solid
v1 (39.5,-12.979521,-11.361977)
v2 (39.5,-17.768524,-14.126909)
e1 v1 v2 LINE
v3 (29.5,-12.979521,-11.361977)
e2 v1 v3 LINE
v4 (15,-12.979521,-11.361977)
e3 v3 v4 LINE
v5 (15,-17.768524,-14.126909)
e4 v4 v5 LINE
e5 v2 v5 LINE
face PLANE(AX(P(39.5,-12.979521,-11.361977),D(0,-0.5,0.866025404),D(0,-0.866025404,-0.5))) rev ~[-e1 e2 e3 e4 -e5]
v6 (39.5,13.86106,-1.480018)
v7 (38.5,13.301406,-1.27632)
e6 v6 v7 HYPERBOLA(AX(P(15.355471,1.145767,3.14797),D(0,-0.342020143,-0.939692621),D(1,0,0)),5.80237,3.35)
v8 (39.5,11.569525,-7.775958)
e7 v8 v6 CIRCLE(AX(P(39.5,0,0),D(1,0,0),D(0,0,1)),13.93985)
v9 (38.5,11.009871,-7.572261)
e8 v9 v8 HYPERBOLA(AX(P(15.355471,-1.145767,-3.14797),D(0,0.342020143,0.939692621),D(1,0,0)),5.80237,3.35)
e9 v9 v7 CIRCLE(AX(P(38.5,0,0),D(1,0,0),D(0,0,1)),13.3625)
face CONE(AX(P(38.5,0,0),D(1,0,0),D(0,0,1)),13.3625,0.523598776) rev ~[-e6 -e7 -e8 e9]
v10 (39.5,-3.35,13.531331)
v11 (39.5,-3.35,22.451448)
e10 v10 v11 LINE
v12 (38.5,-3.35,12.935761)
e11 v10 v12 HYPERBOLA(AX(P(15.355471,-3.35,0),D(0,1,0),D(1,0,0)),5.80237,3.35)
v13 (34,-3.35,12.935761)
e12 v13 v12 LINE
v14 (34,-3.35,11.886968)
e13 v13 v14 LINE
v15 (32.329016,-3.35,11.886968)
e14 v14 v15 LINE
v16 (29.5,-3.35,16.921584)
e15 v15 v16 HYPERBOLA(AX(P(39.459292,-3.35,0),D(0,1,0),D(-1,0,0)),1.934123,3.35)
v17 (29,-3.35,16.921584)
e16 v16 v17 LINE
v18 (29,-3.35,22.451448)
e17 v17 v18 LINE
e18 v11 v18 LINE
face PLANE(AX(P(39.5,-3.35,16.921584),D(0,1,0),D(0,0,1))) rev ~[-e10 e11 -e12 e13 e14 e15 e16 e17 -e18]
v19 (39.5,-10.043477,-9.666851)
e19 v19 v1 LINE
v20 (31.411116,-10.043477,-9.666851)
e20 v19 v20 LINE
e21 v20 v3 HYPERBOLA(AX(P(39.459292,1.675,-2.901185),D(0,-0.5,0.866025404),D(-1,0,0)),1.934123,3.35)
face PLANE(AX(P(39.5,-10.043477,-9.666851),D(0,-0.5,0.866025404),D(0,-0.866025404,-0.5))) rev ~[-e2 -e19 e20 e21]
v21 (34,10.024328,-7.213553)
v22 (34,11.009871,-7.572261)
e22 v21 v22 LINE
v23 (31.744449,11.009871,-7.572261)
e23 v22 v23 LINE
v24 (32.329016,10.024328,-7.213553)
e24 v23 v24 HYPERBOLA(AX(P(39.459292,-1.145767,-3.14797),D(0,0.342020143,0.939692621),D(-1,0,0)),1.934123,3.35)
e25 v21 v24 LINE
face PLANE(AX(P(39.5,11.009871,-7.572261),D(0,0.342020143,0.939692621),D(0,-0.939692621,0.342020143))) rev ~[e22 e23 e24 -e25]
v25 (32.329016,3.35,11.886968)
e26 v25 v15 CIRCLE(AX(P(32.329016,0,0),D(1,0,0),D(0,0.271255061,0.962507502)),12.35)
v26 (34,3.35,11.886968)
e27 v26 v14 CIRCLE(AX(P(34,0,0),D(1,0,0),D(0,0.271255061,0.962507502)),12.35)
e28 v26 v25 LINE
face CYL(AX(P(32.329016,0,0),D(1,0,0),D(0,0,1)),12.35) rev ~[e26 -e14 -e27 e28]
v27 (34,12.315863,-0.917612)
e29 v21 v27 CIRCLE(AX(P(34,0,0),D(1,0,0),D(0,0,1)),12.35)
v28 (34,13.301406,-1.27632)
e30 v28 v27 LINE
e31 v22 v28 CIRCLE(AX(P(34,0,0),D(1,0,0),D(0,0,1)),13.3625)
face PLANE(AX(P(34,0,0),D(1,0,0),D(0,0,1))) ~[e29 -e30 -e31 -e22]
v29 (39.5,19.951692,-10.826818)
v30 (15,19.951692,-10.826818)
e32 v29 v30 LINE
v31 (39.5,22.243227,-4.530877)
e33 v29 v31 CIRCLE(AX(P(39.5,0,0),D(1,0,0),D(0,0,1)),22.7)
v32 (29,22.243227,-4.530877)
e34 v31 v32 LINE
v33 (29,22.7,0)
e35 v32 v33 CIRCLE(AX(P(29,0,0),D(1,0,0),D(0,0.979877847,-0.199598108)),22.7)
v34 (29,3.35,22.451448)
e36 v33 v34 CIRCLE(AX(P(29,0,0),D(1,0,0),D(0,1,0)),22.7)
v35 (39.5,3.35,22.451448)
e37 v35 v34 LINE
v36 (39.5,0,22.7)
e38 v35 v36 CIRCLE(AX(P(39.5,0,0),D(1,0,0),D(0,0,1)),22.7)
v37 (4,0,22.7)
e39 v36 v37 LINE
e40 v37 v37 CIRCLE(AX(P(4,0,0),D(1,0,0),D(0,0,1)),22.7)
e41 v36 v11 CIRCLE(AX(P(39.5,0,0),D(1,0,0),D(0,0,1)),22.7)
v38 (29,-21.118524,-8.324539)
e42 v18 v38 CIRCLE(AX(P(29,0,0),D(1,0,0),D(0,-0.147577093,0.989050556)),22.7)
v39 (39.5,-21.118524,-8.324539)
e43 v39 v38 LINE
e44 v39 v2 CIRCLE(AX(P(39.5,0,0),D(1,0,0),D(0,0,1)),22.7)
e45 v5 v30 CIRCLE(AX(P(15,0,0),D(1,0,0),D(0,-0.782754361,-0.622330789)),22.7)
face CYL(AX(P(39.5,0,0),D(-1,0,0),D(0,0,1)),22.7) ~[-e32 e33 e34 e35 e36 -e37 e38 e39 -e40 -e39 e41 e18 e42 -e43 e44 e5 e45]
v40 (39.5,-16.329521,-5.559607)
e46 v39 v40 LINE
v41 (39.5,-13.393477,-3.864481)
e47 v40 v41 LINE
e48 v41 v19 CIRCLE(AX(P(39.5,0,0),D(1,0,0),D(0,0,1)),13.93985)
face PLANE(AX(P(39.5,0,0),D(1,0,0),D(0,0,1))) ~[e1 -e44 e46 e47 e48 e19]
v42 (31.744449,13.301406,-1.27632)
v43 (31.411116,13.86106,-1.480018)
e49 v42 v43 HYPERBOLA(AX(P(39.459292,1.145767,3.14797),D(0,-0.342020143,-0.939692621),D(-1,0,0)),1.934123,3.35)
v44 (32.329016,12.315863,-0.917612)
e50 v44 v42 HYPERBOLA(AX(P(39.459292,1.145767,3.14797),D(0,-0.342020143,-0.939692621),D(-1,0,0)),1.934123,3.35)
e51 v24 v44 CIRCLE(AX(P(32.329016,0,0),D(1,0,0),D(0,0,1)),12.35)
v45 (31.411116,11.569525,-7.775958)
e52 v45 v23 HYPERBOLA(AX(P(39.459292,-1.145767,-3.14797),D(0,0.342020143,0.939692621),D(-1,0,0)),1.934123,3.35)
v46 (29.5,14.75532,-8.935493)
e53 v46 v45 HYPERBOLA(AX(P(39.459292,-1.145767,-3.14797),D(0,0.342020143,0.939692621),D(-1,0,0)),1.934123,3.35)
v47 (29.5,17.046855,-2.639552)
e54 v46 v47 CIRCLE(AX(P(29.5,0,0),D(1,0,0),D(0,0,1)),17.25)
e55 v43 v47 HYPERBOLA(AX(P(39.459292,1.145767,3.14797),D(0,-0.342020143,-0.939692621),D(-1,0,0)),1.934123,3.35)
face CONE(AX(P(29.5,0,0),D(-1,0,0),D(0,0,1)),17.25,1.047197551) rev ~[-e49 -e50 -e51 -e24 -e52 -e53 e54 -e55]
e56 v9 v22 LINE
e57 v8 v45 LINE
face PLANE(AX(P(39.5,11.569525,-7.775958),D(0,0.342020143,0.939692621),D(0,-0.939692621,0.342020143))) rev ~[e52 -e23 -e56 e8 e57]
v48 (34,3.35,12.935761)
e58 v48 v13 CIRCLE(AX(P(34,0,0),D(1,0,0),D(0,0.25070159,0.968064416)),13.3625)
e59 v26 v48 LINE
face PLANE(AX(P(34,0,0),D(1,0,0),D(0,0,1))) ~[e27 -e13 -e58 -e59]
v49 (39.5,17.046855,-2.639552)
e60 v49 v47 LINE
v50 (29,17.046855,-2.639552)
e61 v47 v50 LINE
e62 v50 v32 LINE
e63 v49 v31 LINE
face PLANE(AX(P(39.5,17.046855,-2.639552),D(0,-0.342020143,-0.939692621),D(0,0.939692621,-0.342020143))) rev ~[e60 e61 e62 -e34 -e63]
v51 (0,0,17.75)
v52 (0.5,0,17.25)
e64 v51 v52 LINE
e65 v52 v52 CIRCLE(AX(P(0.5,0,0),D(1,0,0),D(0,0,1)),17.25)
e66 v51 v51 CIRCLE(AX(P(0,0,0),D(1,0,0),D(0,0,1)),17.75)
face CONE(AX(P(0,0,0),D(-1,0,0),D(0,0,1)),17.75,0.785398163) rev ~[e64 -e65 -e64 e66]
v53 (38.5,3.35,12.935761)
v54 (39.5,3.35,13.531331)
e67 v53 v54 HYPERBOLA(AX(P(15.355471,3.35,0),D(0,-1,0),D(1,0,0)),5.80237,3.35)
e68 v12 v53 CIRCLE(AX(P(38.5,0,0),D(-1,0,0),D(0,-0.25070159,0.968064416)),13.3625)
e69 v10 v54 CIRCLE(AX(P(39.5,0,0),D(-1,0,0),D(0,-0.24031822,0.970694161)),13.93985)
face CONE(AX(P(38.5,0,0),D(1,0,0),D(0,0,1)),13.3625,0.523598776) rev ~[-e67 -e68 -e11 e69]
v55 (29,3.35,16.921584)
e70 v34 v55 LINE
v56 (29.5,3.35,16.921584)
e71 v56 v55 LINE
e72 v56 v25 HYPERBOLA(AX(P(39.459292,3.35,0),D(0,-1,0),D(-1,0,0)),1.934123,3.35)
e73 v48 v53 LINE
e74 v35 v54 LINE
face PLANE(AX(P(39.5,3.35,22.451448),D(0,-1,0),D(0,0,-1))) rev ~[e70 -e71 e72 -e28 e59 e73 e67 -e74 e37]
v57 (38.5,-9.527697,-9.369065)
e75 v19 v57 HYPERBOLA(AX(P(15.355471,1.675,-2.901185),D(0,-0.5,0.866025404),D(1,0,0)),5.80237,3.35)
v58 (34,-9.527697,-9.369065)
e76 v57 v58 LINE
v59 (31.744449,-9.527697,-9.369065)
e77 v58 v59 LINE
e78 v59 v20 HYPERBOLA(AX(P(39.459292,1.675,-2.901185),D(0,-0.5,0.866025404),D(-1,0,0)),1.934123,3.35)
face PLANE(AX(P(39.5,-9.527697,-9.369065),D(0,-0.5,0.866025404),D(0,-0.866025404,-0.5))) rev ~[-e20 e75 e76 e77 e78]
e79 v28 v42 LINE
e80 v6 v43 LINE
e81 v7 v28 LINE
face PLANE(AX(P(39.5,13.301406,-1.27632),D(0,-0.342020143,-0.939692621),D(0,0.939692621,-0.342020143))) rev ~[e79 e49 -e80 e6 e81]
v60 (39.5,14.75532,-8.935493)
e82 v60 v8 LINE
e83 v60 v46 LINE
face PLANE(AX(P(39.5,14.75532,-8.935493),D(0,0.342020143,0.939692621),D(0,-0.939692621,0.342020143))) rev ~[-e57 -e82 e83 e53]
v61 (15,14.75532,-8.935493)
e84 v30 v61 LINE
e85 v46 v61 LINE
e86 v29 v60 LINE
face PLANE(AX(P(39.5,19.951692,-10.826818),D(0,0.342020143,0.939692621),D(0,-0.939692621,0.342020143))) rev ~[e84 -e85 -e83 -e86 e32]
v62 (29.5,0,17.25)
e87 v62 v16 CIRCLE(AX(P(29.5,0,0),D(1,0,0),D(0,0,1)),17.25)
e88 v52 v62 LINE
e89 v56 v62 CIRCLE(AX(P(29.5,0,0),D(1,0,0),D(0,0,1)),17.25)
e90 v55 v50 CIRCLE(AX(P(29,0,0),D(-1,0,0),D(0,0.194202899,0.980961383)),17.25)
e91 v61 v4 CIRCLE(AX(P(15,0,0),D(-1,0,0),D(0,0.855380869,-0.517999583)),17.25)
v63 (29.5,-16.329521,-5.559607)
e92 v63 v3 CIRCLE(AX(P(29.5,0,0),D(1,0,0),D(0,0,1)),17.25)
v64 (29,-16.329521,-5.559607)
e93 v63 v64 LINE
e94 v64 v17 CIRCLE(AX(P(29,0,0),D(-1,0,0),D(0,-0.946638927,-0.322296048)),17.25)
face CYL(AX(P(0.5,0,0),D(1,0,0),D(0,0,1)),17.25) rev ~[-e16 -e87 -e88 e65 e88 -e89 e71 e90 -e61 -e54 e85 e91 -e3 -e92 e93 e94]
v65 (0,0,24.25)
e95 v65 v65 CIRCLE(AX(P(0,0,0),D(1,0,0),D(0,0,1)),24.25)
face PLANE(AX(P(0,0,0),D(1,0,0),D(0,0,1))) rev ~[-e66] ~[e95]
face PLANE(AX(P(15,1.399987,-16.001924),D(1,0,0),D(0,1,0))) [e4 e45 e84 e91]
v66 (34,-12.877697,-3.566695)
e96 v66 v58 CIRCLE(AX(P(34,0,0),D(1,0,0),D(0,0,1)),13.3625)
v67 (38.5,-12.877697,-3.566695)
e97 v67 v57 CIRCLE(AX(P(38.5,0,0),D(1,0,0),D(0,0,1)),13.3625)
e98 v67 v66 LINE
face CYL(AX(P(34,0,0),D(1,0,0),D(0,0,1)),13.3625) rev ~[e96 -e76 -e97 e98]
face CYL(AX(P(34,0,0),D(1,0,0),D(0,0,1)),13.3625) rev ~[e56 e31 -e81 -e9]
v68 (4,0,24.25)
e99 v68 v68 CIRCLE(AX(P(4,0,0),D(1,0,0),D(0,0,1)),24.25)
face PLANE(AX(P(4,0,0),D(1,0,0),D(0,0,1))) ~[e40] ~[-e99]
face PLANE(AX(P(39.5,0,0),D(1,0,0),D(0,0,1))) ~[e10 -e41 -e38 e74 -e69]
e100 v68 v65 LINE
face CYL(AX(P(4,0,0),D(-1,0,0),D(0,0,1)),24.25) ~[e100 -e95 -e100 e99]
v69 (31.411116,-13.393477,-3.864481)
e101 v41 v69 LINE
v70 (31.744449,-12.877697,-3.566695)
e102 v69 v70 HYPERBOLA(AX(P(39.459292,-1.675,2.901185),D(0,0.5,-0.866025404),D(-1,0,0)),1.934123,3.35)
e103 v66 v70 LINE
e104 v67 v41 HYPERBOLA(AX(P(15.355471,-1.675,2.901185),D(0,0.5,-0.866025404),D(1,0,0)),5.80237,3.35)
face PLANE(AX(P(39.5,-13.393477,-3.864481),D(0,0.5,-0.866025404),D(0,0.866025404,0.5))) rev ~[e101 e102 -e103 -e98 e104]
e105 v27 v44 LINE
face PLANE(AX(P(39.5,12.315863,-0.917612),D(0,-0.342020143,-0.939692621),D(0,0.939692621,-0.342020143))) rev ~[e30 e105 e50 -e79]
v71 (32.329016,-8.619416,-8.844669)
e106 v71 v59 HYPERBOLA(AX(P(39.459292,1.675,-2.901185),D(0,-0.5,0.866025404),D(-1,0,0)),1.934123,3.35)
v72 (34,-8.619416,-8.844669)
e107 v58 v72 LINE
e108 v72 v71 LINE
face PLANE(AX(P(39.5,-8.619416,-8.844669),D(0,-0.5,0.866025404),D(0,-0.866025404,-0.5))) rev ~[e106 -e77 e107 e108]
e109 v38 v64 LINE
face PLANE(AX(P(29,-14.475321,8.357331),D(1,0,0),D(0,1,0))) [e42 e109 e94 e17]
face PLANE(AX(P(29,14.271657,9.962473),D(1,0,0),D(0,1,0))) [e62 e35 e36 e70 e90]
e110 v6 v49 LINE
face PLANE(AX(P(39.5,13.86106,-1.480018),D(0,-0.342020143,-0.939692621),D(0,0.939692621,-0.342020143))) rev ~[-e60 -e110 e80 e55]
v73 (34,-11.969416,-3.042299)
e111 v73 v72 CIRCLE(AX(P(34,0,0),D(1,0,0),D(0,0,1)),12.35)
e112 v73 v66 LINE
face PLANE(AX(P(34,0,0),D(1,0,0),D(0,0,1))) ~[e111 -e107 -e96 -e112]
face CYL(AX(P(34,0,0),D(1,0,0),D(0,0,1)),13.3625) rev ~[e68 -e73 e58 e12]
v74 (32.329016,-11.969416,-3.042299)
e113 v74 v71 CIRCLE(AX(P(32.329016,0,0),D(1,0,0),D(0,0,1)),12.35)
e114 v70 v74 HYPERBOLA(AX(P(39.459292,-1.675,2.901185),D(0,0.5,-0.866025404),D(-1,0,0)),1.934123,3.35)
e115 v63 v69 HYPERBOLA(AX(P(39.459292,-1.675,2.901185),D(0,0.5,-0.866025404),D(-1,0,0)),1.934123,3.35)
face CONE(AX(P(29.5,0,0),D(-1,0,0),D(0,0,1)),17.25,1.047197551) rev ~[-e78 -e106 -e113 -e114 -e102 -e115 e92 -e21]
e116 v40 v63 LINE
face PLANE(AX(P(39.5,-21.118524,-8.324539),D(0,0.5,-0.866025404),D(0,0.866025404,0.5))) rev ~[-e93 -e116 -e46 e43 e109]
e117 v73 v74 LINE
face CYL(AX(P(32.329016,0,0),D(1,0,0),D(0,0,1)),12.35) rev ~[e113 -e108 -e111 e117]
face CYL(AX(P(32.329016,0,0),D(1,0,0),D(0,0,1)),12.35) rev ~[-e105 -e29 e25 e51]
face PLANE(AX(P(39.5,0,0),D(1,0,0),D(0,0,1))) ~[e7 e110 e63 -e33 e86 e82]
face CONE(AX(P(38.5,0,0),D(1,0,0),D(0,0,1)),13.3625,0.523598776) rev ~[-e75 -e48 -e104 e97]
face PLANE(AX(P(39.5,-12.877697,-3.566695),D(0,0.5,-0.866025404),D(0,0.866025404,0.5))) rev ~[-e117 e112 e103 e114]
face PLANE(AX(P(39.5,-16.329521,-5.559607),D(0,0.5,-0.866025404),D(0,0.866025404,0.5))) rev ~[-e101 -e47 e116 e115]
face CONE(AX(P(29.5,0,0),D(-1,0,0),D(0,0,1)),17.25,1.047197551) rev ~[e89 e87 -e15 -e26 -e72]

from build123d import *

# Parameters (mm, degrees)
F3_DEPTH = 10.5
F4_DEPTH = 39.501
F5_DEPTH = 24.5
F6_DEPTH = 39.501


with BuildPart() as f1:
    # F0 (on Front) → F1 (revolve)
    with BuildSketch(Plane.XZ):
        Polygon((0, 24.25), (0, 17.75), (0.5, 17.25), (29.5, 17.25), (32.329016319, 12.35), (34, 12.35), (34, 13.3625), (38.5, 13.3625), (39.5, 13.9398502692), (39.5, 22.7), (4, 22.7), (4, 24.25), align=None)
    revolve(axis=Axis((21.5225653753, 0, 0), (1, 0, 0)))

    # F2 (on face) → F3 (cut)
    with BuildSketch(Plane.YZ.offset(39.5)):
        with BuildLine():
            Line((-3.35, 16.9215838502), (-3.35, 22.4514476148))
            ThreePointArc((-3.35, 22.4514476148), (-19.6587766659, 11.35), (-21.1185239862, -8.3245387047))
            Line((-21.1185239862, -8.3245387047), (-16.3295214866, -5.5596068224))
            ThreePointArc((-16.3295214866, -5.5596068224), (-14.9389382153, 8.625), (-3.35, 16.9215838502))
        make_face()
        with BuildLine():
            ThreePointArc((22.7, 0), (17.1949847339, 14.8196659881), (3.35, 22.4514476148))
            Line((3.35, 22.4514476148), (3.35, 16.9215838502))
            ThreePointArc((3.35, 16.9215838502), (14.130372764, 9.8941935271), (17.0468549562, -2.6395522541))
            Line((17.0468549562, -2.6395522541), (22.2432271297, -4.5308770514))
            ThreePointArc((22.2432271297, -4.5308770514), (22.5855181017, -2.2769216231), (22.7, 0))
        make_face()
    extrude(amount=-F3_DEPTH, mode=Mode.SUBTRACT)

    # F2 (on face) → F4 (cut, through all)
    with BuildSketch(Plane.YZ.offset(39.5)):
        with BuildLine():
            Line((-3.35, 13.5313312548), (-3.35, 16.9215838502))
            ThreePointArc((-3.35, 16.9215838502), (-14.9389382153, 8.625), (-16.3295214866, -5.5596068224))
            Line((-16.3295214866, -5.5596068224), (-13.3934766137, -3.8644805247))
            ThreePointArc((-13.3934766137, -3.8644805247), (-12.0722644581, 6.9699251346), (-3.35, 13.5313312548))
        make_face()
        with BuildLine():
            ThreePointArc((17.0468549562, -2.6395522541), (14.130372764, 9.8941935271), (3.35, 16.9215838502))
            Line((3.35, 16.9215838502), (3.35, 13.5313312548))
            ThreePointArc((3.35, 13.5313312548), (10.9776573988, 8.5913016222), (13.9398502692, 0))
            ThreePointArc((13.9398502692, 0), (13.9201386678, -0.7410566766), (13.8610596097, -1.4800175755))
            Line((13.8610596097, -1.4800175755), (17.0468549562, -2.6395522541))
        make_face()
        with BuildLine():
            Line((-3.35, 11.8869676537), (-3.35, 12.9357607527))
            ThreePointArc((-3.35, 12.9357607527), (-11.5722644581, 6.68125), (-12.8776974291, -3.5666952737))
            Line((-12.8776974291, -3.5666952737), (-11.9694159621, -3.0422987242))
            ThreePointArc((-11.9694159621, -3.0422987242), (-10.6954137367, 6.175), (-3.35, 11.8869676537))
        make_face()
        with BuildLine():
            Line((-3.35, 12.9357607527), (-3.35, 13.5313312548))
            ThreePointArc((-3.35, 13.5313312548), (-12.0722644581, 6.9699251346), (-13.3934766137, -3.8644805247))
            Line((-13.3934766137, -3.8644805247), (-12.8776974291, -3.5666952737))
            ThreePointArc((-12.8776974291, -3.5666952737), (-11.5722644581, 6.68125), (-3.35, 12.9357607527))
        make_face()
        with BuildLine():
            ThreePointArc((13.3625, 0), (10.5669480279, 8.1789984488), (3.35, 12.9357607527))
            Line((3.35, 12.9357607527), (3.35, 11.8869676537))
            ThreePointArc((3.35, 11.8869676537), (9.8461921574, 7.4548641839), (12.35, 0))
            ThreePointArc((12.35, 0), (12.3414628662, -0.4591234269), (12.3158632678, -0.917612101))
            Line((12.3158632678, -0.917612101), (13.3014064037, -1.276320467))
            ThreePointArc((13.3014064037, -1.276320467), (13.3472178621, -0.6388909066), (13.3625, 0))
        make_face()
        with BuildLine():
            ThreePointArc((13.9398502692, 0), (10.9776573988, 8.5913016222), (3.35, 13.5313312548))
            Line((3.35, 13.5313312548), (3.35, 12.9357607527))
            ThreePointArc((3.35, 12.9357607527), (10.5669480279, 8.1789984488), (13.3625, 0))
            ThreePointArc((13.3625, 0), (13.3472178621, -0.6388909066), (13.3014064037, -1.276320467))
            Line((13.3014064037, -1.276320467), (13.8610596097, -1.4800175755))
            ThreePointArc((13.8610596097, -1.4800175755), (13.9201386678, -0.7410566766), (13.9398502692, 0))
        make_face()
    extrude(amount=-F4_DEPTH, mode=Mode.SUBTRACT)

    # F2 (on face) → F5 (cut)
    with BuildSketch(Plane.YZ.offset(39.5)):
        with BuildLine():
            Line((-12.9795214866, -11.3619770278), (-17.7685239862, -14.1269089101))
            ThreePointArc((-17.7685239862, -14.1269089101), (1.9784353604, -22.6136196467), (19.9516921694, -10.8268176107))
            Line((19.9516921694, -10.8268176107), (14.7553199959, -8.9354928134))
            ThreePointArc((14.7553199959, -8.9354928134), (1.5034365624, -17.1843585421), (-12.9795214866, -11.3619770278))
        make_face()
    extrude(amount=-F5_DEPTH, mode=Mode.SUBTRACT)

    # F2 (on face) → F6 (cut, through all)
    with BuildSketch(Plane.YZ.offset(39.5)):
        with BuildLine():
            Line((-10.0434766137, -9.6668507301), (-12.9795214866, -11.3619770278))
            ThreePointArc((-12.9795214866, -11.3619770278), (1.5034365624, -17.1843585421), (14.7553199959, -8.9354928134))
            Line((14.7553199959, -8.9354928134), (11.5695246494, -7.7759581348))
            ThreePointArc((11.5695246494, -7.7759581348), (1.214938004, -13.8868049304), (-10.0434766137, -9.6668507301))
        make_face()
        with BuildLine():
            Line((-8.6194159621, -8.8446689295), (-9.5276974291, -9.369065479))
            ThreePointArc((-9.5276974291, -9.369065479), (1.1646186125, -13.3116516533), (11.0098714434, -7.5722610263))
            Line((11.0098714434, -7.5722610263), (10.0243283076, -7.2135526603))
            ThreePointArc((10.0243283076, -7.2135526603), (1.0763734229, -12.3030045214), (-8.6194159621, -8.8446689295))
        make_face()
        with BuildLine():
            Line((-9.5276974291, -9.369065479), (-10.0434766137, -9.6668507301))
            ThreePointArc((-10.0434766137, -9.6668507301), (1.214938004, -13.8868049304), (11.5695246494, -7.7759581348))
            Line((11.5695246494, -7.7759581348), (11.0098714434, -7.5722610263))
            ThreePointArc((11.0098714434, -7.5722610263), (1.1646186125, -13.3116516533), (-9.5276974291, -9.369065479))
        make_face()
    extrude(amount=-F6_DEPTH, mode=Mode.SUBTRACT)


solid = f1.part
